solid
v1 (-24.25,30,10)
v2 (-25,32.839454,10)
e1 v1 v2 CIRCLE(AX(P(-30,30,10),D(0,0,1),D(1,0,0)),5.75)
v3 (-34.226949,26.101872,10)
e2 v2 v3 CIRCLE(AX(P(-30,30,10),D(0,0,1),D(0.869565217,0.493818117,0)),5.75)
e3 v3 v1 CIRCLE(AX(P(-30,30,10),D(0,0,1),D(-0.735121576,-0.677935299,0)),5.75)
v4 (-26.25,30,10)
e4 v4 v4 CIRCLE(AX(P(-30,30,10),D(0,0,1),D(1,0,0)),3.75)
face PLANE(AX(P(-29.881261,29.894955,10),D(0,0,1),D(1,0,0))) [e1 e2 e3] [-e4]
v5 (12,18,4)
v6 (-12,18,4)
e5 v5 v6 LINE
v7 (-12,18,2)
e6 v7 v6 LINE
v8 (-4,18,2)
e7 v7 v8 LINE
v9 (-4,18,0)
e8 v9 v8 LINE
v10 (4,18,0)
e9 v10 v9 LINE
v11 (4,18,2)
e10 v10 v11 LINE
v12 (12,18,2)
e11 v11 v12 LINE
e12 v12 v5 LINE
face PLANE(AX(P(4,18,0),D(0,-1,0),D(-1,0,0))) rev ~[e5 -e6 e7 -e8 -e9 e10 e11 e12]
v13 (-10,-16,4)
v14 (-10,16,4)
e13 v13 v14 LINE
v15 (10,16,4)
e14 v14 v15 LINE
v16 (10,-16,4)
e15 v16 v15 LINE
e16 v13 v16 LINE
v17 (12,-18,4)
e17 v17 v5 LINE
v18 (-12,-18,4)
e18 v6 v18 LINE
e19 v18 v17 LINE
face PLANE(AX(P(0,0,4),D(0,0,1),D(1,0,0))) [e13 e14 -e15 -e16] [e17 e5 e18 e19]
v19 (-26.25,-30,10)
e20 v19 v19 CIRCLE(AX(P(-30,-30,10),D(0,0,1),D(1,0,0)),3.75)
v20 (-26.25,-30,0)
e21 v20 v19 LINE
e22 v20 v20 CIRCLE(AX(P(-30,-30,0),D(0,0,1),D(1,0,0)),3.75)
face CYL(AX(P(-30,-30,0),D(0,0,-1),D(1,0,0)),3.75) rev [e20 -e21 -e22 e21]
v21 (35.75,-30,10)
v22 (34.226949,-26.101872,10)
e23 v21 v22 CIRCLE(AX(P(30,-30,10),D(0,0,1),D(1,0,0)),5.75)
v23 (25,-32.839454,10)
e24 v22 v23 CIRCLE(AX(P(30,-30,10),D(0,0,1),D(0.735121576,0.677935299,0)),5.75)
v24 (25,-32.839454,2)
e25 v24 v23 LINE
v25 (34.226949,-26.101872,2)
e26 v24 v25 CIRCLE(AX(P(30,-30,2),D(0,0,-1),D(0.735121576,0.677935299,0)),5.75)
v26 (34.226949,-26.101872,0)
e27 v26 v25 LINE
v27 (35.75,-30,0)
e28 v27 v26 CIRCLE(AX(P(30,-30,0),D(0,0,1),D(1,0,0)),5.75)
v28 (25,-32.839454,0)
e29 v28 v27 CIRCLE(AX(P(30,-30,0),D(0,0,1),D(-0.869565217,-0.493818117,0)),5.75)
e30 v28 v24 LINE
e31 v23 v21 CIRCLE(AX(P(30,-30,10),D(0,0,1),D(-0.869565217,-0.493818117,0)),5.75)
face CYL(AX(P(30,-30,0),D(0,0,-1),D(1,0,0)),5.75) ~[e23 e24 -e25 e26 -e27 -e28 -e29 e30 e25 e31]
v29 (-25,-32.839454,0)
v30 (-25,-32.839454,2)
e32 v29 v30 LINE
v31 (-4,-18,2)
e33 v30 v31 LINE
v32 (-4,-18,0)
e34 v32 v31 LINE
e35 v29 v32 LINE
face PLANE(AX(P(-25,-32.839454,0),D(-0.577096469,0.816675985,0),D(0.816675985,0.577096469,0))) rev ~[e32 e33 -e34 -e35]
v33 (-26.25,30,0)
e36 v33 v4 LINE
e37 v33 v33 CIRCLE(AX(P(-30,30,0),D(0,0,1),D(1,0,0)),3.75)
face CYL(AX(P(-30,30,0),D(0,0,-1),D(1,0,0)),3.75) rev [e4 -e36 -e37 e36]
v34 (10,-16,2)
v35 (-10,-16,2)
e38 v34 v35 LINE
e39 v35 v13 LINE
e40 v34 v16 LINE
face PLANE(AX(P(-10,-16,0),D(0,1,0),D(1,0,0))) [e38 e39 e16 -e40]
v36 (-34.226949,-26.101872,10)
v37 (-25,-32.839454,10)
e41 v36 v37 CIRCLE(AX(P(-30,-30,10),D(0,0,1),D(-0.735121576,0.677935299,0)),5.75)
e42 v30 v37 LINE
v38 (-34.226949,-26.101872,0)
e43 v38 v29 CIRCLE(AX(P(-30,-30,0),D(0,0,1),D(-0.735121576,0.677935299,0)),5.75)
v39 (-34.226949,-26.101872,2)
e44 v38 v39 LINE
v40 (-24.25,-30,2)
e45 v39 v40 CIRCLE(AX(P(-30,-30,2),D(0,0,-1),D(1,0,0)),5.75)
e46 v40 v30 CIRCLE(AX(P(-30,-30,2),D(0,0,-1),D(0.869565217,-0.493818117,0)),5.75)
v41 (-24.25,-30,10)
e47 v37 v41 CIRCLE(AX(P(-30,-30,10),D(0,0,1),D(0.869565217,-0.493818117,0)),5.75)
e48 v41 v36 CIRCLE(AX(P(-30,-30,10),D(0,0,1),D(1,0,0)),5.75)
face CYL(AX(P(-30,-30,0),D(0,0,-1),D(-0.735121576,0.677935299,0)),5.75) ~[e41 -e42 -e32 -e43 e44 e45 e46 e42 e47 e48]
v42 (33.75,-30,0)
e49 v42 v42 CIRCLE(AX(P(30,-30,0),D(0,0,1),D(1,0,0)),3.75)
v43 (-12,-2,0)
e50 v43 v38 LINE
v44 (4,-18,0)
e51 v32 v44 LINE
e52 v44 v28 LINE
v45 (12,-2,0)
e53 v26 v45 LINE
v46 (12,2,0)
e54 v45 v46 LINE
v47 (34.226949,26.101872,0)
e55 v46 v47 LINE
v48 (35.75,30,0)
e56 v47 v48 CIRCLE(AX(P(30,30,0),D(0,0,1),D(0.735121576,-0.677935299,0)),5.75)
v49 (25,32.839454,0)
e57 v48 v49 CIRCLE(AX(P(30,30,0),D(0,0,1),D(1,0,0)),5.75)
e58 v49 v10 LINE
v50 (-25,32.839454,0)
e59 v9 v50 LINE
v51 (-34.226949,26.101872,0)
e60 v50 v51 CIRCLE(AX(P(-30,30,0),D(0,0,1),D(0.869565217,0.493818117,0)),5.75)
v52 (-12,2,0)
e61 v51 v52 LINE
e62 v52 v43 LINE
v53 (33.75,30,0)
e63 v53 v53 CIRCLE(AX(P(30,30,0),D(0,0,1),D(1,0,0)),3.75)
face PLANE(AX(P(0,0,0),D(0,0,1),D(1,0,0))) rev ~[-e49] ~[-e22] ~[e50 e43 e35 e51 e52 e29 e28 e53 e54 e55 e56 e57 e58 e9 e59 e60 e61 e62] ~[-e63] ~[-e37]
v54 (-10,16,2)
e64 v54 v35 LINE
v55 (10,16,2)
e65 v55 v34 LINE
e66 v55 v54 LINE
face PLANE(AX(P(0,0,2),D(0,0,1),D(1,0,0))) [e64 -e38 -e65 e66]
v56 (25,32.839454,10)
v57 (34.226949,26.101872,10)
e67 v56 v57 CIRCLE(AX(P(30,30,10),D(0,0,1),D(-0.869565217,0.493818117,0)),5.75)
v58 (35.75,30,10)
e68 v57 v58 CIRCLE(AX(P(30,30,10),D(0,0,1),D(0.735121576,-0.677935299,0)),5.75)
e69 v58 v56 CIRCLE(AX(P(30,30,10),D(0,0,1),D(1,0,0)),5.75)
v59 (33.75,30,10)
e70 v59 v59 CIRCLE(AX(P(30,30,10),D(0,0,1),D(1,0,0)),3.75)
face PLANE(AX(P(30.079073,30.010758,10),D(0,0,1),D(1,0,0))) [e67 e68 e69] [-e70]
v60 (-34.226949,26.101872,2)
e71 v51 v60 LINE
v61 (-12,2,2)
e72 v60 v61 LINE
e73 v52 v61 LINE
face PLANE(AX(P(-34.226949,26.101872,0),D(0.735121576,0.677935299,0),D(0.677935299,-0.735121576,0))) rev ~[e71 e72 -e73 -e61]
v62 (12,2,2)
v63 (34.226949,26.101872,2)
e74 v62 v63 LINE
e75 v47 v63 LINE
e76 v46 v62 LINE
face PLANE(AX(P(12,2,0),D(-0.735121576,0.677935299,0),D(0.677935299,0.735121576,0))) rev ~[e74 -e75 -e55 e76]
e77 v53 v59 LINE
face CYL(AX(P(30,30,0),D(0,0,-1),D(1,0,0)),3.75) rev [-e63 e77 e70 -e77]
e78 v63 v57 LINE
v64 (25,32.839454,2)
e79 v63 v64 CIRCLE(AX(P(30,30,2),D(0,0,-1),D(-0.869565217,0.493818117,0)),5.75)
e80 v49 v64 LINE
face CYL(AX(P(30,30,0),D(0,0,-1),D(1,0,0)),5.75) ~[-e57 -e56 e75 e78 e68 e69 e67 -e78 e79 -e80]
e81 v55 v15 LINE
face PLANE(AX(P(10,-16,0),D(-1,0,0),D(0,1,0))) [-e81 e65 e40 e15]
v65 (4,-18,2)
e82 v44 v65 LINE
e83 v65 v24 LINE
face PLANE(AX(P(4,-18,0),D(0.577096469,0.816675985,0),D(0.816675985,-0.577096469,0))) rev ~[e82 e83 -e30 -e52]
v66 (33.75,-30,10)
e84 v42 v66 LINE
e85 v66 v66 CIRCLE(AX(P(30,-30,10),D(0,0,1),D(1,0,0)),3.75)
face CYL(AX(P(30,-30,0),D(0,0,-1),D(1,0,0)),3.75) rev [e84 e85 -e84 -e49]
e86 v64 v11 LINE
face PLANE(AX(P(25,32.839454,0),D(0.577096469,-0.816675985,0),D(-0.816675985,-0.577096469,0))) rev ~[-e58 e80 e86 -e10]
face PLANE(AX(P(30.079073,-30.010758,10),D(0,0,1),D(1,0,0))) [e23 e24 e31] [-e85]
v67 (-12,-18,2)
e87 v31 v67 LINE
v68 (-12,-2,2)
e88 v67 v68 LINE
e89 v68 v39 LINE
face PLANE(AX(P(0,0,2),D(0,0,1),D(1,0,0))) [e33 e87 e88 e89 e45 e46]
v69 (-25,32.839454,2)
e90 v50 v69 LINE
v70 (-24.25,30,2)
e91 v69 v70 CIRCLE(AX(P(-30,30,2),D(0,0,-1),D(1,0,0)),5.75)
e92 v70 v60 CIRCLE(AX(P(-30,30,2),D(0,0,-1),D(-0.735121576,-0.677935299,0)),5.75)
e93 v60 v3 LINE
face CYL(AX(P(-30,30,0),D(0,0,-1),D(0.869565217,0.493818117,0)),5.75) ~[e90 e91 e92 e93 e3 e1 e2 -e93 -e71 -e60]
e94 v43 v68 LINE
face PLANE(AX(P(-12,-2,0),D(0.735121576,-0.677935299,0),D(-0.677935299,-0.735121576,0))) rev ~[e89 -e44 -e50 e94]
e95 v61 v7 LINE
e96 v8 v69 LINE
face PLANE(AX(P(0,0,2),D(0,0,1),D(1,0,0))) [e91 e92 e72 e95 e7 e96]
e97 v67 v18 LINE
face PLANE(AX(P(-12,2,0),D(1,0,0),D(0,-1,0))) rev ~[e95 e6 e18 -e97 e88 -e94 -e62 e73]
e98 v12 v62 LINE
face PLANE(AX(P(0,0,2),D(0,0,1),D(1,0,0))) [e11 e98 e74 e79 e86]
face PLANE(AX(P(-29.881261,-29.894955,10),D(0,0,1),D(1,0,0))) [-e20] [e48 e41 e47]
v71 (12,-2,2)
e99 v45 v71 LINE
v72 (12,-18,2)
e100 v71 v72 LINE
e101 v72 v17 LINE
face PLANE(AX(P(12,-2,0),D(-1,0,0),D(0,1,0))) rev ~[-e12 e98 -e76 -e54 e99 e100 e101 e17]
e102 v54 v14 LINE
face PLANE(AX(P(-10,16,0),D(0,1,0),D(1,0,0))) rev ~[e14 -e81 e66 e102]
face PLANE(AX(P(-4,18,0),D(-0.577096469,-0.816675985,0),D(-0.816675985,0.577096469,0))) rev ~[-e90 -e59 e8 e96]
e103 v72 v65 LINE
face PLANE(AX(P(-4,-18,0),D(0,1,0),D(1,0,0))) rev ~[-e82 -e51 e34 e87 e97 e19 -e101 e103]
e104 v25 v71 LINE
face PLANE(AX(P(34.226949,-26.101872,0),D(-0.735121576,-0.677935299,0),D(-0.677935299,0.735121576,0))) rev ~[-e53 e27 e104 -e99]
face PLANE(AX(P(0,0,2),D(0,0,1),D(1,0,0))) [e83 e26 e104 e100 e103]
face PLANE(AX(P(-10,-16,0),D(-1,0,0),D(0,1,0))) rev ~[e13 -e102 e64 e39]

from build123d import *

# Parameters (mm, degrees)
F0_W     = 20
F0_H     = 32
F0_R     = 3.75
F1_DEPTH = 2
F2_DEPTH = 10
F4_DEPTH = 4


with BuildPart() as f1:
    # F0 (on Top) → F1 (new body)
    with BuildSketch(Plane.XY):
        Polygon((12, 18), (4, 18), (-4, 18), (-12, 18), (-12, 2), (-12, -2), (-12, -18), (-4, -18), (4, -18), (12, -18), (12, -2), (12, 2), align=None)
        Rectangle(F0_W, F0_H, mode=Mode.SUBTRACT)
        Rectangle(F0_W, F0_H)
        with BuildLine():
            Line((-12, 18), (-4, 18))
            Line((-4, 18), (-25, 32.8394541729))
            ThreePointArc((-25, 32.8394541729), (-24.4406610105, 31.4684175156), (-24.25, 30))
            ThreePointArc((-24.25, 30), (-27.9074485781, 24.6442807629), (-34.2269490597, 26.1018720331))
            Line((-34.2269490597, 26.1018720331), (-12, 2))
            Line((-12, 2), (-12, 18))
        make_face()
        with BuildLine():
            ThreePointArc((34.2269490597, 26.1018720331), (26.6091070185, 25.3562574589), (25, 32.8394541729))
            Line((25, 32.8394541729), (4, 18))
            Line((4, 18), (12, 18))
            Line((12, 18), (12, 2))
            Line((12, 2), (34.2269490597, 26.1018720331))
        make_face()
        with BuildLine():
            Line((-12, -18), (-12, -2))
            Line((-12, -2), (-34.2269490597, -26.1018720331))
            ThreePointArc((-34.2269490597, -26.1018720331), (-27.9074485781, -24.6442807629), (-24.25, -30))
            ThreePointArc((-24.25, -30), (-24.4406610105, -31.4684175156), (-25, -32.8394541729))
            Line((-25, -32.8394541729), (-4, -18))
            Line((-4, -18), (-12, -18))
        make_face()
        with BuildLine():
            Line((34.2269490597, -26.1018720331), (12, -2))
            Line((12, -2), (12, -18))
            Line((12, -18), (4, -18))
            Line((4, -18), (25, -32.8394541729))
            ThreePointArc((25, -32.8394541729), (26.6091070185, -25.3562574589), (34.2269490597, -26.1018720331))
        make_face()
        with BuildLine():
            ThreePointArc((-24.25, 30), (-24.4406610105, 31.4684175156), (-25, 32.8394541729))
            ThreePointArc((-25, 32.8394541729), (-33.3908929815, 34.6437425411), (-34.2269490597, 26.1018720331))
            ThreePointArc((-34.2269490597, 26.1018720331), (-27.9074485781, 24.6442807629), (-24.25, 30))
        make_face()
        with Locations((-30, 30)):
            Circle(F0_R, mode=Mode.SUBTRACT)
        with BuildLine():
            ThreePointArc((35.75, -30), (35.3557192371, -27.9074485781), (34.2269490597, -26.1018720331))
            ThreePointArc((34.2269490597, -26.1018720331), (26.6091070185, -25.3562574589), (25, -32.8394541729))
            ThreePointArc((25, -32.8394541729), (31.4684175156, -35.5593389895), (35.75, -30))
        make_face()
        with Locations((30, -30)):
            Circle(F0_R, mode=Mode.SUBTRACT)
        with BuildLine():
            ThreePointArc((34.2269490597, 26.1018720331), (35.3557192371, 27.9074485781), (35.75, 30))
            ThreePointArc((35.75, 30), (31.4684175156, 35.5593389895), (25, 32.8394541729))
            ThreePointArc((25, 32.8394541729), (26.6091070185, 25.3562574589), (34.2269490597, 26.1018720331))
        make_face()
        with Locations((30, 30)):
            Circle(F0_R, mode=Mode.SUBTRACT)
        with BuildLine():
            ThreePointArc((-24.25, -30), (-27.9074485781, -24.6442807629), (-34.2269490597, -26.1018720331))
            ThreePointArc((-34.2269490597, -26.1018720331), (-33.3908929815, -34.6437425411), (-25, -32.8394541729))
            ThreePointArc((-25, -32.8394541729), (-24.4406610105, -31.4684175156), (-24.25, -30))
        make_face()
        with Locations((-30, -30)):
            Circle(F0_R, mode=Mode.SUBTRACT)
    extrude(amount=F1_DEPTH)

    # F0 (on Top) → F2 (join)
    with BuildSketch(Plane.XY):
        with BuildLine():
            ThreePointArc((-24.25, -30), (-27.9074485781, -24.6442807629), (-34.2269490597, -26.1018720331))
            ThreePointArc((-34.2269490597, -26.1018720331), (-33.3908929815, -34.6437425411), (-25, -32.8394541729))
            ThreePointArc((-25, -32.8394541729), (-24.4406610105, -31.4684175156), (-24.25, -30))
        make_face()
        with Locations((-30, -30)):
            Circle(F0_R, mode=Mode.SUBTRACT)
        with BuildLine():
            ThreePointArc((35.75, -30), (35.3557192371, -27.9074485781), (34.2269490597, -26.1018720331))
            ThreePointArc((34.2269490597, -26.1018720331), (26.6091070185, -25.3562574589), (25, -32.8394541729))
            ThreePointArc((25, -32.8394541729), (31.4684175156, -35.5593389895), (35.75, -30))
        make_face()
        with Locations((30, -30)):
            Circle(F0_R, mode=Mode.SUBTRACT)
        with BuildLine():
            ThreePointArc((34.2269490597, 26.1018720331), (35.3557192371, 27.9074485781), (35.75, 30))
            ThreePointArc((35.75, 30), (31.4684175156, 35.5593389895), (25, 32.8394541729))
            ThreePointArc((25, 32.8394541729), (26.6091070185, 25.3562574589), (34.2269490597, 26.1018720331))
        make_face()
        with Locations((30, 30)):
            Circle(F0_R, mode=Mode.SUBTRACT)
        with BuildLine():
            ThreePointArc((-24.25, 30), (-24.4406610105, 31.4684175156), (-25, 32.8394541729))
            ThreePointArc((-25, 32.8394541729), (-33.3908929815, 34.6437425411), (-34.2269490597, 26.1018720331))
            ThreePointArc((-34.2269490597, 26.1018720331), (-27.9074485781, 24.6442807629), (-24.25, 30))
        make_face()
        with Locations((-30, 30)):
            Circle(F0_R, mode=Mode.SUBTRACT)
    extrude(amount=F2_DEPTH)

    # F0 (on Top) → F4 (join)
    with BuildSketch(Plane.XY):
        Polygon((12, 18), (4, 18), (-4, 18), (-12, 18), (-12, 2), (-12, -2), (-12, -18), (-4, -18), (4, -18), (12, -18), (12, -2), (12, 2), align=None)
        Rectangle(F0_W, F0_H, mode=Mode.SUBTRACT)
    extrude(amount=F4_DEPTH)


solid = f1.part
